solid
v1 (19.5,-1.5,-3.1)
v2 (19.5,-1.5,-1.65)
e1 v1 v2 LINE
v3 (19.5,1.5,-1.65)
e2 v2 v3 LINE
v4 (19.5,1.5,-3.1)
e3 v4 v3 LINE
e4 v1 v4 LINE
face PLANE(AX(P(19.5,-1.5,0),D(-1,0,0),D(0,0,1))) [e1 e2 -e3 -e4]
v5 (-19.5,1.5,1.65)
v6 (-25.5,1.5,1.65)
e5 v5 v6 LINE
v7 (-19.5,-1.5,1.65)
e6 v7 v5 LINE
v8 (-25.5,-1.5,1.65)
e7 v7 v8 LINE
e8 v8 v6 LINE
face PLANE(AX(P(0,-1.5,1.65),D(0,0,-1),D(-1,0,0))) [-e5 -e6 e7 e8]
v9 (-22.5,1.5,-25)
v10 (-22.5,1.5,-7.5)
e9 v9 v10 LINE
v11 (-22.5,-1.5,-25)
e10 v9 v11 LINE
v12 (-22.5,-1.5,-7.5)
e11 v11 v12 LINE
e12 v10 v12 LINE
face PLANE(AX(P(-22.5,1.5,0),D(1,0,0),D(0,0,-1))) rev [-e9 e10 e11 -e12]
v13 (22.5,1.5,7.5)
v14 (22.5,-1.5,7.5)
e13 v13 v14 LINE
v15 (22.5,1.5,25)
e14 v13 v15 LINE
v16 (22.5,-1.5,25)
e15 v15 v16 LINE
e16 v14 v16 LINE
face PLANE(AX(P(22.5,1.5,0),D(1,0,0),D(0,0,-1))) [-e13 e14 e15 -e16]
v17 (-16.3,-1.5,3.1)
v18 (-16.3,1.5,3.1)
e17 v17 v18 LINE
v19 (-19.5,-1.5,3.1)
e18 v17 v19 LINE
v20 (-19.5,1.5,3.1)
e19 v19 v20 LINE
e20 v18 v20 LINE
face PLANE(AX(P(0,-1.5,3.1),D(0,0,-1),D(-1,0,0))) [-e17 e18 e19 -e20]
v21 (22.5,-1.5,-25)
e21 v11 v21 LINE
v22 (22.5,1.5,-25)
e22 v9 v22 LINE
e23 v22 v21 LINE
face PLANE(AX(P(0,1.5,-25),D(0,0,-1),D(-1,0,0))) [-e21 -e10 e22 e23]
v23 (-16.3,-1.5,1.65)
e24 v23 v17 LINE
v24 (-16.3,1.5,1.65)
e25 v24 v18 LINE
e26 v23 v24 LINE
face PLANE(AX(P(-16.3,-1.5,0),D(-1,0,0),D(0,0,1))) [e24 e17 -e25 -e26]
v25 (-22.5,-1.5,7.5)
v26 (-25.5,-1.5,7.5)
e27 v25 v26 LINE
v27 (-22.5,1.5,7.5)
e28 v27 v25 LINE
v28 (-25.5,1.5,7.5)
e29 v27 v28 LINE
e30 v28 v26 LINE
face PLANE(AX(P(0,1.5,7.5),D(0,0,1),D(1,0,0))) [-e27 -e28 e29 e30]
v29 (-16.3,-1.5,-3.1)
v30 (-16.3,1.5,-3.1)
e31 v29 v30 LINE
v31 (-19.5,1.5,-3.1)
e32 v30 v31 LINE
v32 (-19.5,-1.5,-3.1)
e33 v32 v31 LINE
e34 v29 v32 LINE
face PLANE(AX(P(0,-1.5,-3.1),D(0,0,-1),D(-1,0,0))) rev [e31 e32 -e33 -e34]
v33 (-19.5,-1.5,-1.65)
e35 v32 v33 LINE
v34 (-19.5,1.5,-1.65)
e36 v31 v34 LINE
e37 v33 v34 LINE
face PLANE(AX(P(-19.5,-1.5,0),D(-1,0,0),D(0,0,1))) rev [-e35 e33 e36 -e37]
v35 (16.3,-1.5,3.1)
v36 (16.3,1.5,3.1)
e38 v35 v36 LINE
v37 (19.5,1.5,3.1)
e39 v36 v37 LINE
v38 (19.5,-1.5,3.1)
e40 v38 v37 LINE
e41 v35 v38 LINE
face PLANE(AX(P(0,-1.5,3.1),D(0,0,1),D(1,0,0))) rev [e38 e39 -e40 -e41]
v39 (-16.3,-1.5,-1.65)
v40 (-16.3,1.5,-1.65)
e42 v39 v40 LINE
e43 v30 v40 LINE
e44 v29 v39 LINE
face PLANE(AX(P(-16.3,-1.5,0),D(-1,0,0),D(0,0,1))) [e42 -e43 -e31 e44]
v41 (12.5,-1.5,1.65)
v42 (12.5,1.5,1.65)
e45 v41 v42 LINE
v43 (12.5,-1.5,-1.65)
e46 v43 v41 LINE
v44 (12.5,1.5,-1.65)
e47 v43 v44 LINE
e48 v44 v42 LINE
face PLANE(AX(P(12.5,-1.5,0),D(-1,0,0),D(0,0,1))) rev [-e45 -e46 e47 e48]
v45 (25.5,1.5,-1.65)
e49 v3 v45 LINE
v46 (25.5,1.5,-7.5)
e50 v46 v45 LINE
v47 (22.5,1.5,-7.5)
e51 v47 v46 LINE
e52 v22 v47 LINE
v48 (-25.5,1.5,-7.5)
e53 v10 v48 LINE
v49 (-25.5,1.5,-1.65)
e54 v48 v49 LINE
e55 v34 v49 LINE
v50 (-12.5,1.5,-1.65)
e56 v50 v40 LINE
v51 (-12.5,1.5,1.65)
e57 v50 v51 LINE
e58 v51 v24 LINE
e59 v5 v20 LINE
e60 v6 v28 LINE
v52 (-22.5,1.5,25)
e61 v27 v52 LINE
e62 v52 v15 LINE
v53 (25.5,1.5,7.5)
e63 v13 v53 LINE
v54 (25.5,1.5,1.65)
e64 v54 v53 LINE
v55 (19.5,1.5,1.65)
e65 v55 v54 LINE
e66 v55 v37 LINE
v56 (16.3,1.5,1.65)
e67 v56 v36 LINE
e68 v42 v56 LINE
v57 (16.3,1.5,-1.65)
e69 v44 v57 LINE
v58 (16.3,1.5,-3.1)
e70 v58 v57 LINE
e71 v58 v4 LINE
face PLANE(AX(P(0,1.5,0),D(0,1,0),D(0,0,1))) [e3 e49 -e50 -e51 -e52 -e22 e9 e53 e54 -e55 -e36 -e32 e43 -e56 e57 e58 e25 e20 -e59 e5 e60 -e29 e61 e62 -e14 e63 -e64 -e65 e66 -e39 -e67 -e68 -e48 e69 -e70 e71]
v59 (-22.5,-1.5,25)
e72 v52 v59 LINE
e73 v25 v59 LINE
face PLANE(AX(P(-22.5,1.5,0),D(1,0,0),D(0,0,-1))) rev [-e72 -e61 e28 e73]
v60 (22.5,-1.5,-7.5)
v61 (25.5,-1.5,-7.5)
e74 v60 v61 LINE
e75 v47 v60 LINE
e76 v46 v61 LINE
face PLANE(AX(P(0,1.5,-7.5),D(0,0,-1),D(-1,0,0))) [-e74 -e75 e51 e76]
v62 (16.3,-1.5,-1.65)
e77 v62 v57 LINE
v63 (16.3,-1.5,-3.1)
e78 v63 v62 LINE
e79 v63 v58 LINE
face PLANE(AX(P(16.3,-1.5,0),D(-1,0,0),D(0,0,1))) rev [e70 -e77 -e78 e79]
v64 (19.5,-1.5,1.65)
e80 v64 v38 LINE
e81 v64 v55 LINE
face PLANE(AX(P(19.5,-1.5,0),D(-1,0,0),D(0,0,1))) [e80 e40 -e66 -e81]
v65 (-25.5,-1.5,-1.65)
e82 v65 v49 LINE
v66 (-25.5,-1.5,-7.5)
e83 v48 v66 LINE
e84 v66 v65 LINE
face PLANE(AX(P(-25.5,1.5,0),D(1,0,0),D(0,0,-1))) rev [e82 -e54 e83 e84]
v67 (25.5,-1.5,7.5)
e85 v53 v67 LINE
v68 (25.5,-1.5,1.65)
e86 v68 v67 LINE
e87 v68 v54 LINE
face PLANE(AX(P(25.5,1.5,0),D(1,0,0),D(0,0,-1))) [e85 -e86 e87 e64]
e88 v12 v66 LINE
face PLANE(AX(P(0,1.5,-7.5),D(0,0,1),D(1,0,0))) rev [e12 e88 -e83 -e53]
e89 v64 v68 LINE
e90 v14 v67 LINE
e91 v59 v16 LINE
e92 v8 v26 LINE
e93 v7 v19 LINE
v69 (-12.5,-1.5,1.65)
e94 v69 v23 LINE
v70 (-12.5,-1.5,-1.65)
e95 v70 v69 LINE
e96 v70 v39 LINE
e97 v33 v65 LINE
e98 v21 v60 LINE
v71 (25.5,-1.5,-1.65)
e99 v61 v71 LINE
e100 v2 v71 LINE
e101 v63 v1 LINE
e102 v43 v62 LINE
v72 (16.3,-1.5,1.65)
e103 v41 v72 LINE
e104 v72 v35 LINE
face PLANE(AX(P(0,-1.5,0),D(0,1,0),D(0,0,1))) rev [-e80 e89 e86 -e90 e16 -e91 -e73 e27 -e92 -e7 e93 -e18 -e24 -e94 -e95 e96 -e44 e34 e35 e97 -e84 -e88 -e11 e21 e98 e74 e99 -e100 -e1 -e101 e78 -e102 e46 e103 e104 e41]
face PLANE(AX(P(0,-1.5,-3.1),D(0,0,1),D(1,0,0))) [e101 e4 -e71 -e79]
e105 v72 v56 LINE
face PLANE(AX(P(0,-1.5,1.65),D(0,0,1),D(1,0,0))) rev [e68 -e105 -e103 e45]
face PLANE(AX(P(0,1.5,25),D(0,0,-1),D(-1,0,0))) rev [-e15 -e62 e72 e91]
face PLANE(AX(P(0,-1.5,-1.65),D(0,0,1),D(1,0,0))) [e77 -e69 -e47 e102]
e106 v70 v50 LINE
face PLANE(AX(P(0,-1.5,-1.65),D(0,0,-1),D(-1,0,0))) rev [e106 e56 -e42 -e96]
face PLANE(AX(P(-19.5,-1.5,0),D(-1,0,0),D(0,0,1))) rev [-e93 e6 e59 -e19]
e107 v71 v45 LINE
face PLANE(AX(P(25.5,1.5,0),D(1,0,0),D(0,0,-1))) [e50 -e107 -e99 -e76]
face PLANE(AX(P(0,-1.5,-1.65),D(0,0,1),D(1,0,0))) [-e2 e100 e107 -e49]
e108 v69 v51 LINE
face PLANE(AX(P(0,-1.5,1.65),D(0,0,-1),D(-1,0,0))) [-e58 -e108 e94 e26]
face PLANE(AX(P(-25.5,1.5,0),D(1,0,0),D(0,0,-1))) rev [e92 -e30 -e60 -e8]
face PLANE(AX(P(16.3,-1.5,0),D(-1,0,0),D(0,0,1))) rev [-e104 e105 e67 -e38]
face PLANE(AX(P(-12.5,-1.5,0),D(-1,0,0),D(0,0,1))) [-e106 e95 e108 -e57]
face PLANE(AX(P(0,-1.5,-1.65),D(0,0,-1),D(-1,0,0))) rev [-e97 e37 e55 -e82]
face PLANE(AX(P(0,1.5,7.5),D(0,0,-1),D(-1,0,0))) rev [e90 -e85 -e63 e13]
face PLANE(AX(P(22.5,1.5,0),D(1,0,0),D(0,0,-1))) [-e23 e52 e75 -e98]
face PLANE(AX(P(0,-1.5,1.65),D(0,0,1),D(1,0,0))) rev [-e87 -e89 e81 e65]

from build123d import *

# Parameters (mm, degrees)
SKETCH_1_W          = 45
SKETCH_1_H          = 50
SKETCH_1_W_2        = 3
SKETCH_1_H_2        = 15
EXTRUDE_1_DEPTH     = 1.5
SKETCH_2_W          = 3.8
SKETCH_2_H          = 3.3
SKETCH_2_W_2        = 3.2
SKETCH_2_H_2        = 1.45
SKETCH_2_W_3        = 6
CUT_EXTRUDE_1_DEPTH = 36.836433974


with BuildPart() as part:
    # 草图1 → 凸台-拉伸1 (new, symmetric)
    with BuildSketch(Plane(origin=(0, 0, 0), x_dir=(1, 0, 0), z_dir=(0, 1, 0))):
        Rectangle(SKETCH_1_W, SKETCH_1_H)
        with Locations((-24, 0)):
            Rectangle(SKETCH_1_W_2, SKETCH_1_H_2)
        with Locations((24, 0)):
            Rectangle(SKETCH_1_W_2, SKETCH_1_H_2)
    extrude(amount=EXTRUDE_1_DEPTH, both=True)

    # 草图2 → 切除-拉伸1 (cut, symmetric)
    with BuildSketch(Plane(origin=(0, 1.5, 0), x_dir=(1, 0, 0), z_dir=(0, 1, 0))):
        with Locations((14.4, 0)):
            Rectangle(SKETCH_2_W, SKETCH_2_H)
        with Locations((17.9, 2.375)):
            Rectangle(SKETCH_2_W_2, SKETCH_2_H_2)
        with Locations((17.9, 0)):
            Rectangle(SKETCH_2_W_2, SKETCH_2_H)
        with Locations((17.9, -2.375)):
            Rectangle(SKETCH_2_W_2, SKETCH_2_H_2)
        with Locations((22.5, 0)):
            Rectangle(SKETCH_2_W_3, SKETCH_2_H)
    cut_extrude_1 = extrude(amount=CUT_EXTRUDE_1_DEPTH, both=True, mode=Mode.SUBTRACT)

    # 镜向1: 切除-拉伸1 across plane
    add(cut_extrude_1.mirror(Plane(origin=(0, 0, 0), x_dir=(0, 0, 1), z_dir=(1, 0, 0))), mode=Mode.SUBTRACT)


solid = part.part
